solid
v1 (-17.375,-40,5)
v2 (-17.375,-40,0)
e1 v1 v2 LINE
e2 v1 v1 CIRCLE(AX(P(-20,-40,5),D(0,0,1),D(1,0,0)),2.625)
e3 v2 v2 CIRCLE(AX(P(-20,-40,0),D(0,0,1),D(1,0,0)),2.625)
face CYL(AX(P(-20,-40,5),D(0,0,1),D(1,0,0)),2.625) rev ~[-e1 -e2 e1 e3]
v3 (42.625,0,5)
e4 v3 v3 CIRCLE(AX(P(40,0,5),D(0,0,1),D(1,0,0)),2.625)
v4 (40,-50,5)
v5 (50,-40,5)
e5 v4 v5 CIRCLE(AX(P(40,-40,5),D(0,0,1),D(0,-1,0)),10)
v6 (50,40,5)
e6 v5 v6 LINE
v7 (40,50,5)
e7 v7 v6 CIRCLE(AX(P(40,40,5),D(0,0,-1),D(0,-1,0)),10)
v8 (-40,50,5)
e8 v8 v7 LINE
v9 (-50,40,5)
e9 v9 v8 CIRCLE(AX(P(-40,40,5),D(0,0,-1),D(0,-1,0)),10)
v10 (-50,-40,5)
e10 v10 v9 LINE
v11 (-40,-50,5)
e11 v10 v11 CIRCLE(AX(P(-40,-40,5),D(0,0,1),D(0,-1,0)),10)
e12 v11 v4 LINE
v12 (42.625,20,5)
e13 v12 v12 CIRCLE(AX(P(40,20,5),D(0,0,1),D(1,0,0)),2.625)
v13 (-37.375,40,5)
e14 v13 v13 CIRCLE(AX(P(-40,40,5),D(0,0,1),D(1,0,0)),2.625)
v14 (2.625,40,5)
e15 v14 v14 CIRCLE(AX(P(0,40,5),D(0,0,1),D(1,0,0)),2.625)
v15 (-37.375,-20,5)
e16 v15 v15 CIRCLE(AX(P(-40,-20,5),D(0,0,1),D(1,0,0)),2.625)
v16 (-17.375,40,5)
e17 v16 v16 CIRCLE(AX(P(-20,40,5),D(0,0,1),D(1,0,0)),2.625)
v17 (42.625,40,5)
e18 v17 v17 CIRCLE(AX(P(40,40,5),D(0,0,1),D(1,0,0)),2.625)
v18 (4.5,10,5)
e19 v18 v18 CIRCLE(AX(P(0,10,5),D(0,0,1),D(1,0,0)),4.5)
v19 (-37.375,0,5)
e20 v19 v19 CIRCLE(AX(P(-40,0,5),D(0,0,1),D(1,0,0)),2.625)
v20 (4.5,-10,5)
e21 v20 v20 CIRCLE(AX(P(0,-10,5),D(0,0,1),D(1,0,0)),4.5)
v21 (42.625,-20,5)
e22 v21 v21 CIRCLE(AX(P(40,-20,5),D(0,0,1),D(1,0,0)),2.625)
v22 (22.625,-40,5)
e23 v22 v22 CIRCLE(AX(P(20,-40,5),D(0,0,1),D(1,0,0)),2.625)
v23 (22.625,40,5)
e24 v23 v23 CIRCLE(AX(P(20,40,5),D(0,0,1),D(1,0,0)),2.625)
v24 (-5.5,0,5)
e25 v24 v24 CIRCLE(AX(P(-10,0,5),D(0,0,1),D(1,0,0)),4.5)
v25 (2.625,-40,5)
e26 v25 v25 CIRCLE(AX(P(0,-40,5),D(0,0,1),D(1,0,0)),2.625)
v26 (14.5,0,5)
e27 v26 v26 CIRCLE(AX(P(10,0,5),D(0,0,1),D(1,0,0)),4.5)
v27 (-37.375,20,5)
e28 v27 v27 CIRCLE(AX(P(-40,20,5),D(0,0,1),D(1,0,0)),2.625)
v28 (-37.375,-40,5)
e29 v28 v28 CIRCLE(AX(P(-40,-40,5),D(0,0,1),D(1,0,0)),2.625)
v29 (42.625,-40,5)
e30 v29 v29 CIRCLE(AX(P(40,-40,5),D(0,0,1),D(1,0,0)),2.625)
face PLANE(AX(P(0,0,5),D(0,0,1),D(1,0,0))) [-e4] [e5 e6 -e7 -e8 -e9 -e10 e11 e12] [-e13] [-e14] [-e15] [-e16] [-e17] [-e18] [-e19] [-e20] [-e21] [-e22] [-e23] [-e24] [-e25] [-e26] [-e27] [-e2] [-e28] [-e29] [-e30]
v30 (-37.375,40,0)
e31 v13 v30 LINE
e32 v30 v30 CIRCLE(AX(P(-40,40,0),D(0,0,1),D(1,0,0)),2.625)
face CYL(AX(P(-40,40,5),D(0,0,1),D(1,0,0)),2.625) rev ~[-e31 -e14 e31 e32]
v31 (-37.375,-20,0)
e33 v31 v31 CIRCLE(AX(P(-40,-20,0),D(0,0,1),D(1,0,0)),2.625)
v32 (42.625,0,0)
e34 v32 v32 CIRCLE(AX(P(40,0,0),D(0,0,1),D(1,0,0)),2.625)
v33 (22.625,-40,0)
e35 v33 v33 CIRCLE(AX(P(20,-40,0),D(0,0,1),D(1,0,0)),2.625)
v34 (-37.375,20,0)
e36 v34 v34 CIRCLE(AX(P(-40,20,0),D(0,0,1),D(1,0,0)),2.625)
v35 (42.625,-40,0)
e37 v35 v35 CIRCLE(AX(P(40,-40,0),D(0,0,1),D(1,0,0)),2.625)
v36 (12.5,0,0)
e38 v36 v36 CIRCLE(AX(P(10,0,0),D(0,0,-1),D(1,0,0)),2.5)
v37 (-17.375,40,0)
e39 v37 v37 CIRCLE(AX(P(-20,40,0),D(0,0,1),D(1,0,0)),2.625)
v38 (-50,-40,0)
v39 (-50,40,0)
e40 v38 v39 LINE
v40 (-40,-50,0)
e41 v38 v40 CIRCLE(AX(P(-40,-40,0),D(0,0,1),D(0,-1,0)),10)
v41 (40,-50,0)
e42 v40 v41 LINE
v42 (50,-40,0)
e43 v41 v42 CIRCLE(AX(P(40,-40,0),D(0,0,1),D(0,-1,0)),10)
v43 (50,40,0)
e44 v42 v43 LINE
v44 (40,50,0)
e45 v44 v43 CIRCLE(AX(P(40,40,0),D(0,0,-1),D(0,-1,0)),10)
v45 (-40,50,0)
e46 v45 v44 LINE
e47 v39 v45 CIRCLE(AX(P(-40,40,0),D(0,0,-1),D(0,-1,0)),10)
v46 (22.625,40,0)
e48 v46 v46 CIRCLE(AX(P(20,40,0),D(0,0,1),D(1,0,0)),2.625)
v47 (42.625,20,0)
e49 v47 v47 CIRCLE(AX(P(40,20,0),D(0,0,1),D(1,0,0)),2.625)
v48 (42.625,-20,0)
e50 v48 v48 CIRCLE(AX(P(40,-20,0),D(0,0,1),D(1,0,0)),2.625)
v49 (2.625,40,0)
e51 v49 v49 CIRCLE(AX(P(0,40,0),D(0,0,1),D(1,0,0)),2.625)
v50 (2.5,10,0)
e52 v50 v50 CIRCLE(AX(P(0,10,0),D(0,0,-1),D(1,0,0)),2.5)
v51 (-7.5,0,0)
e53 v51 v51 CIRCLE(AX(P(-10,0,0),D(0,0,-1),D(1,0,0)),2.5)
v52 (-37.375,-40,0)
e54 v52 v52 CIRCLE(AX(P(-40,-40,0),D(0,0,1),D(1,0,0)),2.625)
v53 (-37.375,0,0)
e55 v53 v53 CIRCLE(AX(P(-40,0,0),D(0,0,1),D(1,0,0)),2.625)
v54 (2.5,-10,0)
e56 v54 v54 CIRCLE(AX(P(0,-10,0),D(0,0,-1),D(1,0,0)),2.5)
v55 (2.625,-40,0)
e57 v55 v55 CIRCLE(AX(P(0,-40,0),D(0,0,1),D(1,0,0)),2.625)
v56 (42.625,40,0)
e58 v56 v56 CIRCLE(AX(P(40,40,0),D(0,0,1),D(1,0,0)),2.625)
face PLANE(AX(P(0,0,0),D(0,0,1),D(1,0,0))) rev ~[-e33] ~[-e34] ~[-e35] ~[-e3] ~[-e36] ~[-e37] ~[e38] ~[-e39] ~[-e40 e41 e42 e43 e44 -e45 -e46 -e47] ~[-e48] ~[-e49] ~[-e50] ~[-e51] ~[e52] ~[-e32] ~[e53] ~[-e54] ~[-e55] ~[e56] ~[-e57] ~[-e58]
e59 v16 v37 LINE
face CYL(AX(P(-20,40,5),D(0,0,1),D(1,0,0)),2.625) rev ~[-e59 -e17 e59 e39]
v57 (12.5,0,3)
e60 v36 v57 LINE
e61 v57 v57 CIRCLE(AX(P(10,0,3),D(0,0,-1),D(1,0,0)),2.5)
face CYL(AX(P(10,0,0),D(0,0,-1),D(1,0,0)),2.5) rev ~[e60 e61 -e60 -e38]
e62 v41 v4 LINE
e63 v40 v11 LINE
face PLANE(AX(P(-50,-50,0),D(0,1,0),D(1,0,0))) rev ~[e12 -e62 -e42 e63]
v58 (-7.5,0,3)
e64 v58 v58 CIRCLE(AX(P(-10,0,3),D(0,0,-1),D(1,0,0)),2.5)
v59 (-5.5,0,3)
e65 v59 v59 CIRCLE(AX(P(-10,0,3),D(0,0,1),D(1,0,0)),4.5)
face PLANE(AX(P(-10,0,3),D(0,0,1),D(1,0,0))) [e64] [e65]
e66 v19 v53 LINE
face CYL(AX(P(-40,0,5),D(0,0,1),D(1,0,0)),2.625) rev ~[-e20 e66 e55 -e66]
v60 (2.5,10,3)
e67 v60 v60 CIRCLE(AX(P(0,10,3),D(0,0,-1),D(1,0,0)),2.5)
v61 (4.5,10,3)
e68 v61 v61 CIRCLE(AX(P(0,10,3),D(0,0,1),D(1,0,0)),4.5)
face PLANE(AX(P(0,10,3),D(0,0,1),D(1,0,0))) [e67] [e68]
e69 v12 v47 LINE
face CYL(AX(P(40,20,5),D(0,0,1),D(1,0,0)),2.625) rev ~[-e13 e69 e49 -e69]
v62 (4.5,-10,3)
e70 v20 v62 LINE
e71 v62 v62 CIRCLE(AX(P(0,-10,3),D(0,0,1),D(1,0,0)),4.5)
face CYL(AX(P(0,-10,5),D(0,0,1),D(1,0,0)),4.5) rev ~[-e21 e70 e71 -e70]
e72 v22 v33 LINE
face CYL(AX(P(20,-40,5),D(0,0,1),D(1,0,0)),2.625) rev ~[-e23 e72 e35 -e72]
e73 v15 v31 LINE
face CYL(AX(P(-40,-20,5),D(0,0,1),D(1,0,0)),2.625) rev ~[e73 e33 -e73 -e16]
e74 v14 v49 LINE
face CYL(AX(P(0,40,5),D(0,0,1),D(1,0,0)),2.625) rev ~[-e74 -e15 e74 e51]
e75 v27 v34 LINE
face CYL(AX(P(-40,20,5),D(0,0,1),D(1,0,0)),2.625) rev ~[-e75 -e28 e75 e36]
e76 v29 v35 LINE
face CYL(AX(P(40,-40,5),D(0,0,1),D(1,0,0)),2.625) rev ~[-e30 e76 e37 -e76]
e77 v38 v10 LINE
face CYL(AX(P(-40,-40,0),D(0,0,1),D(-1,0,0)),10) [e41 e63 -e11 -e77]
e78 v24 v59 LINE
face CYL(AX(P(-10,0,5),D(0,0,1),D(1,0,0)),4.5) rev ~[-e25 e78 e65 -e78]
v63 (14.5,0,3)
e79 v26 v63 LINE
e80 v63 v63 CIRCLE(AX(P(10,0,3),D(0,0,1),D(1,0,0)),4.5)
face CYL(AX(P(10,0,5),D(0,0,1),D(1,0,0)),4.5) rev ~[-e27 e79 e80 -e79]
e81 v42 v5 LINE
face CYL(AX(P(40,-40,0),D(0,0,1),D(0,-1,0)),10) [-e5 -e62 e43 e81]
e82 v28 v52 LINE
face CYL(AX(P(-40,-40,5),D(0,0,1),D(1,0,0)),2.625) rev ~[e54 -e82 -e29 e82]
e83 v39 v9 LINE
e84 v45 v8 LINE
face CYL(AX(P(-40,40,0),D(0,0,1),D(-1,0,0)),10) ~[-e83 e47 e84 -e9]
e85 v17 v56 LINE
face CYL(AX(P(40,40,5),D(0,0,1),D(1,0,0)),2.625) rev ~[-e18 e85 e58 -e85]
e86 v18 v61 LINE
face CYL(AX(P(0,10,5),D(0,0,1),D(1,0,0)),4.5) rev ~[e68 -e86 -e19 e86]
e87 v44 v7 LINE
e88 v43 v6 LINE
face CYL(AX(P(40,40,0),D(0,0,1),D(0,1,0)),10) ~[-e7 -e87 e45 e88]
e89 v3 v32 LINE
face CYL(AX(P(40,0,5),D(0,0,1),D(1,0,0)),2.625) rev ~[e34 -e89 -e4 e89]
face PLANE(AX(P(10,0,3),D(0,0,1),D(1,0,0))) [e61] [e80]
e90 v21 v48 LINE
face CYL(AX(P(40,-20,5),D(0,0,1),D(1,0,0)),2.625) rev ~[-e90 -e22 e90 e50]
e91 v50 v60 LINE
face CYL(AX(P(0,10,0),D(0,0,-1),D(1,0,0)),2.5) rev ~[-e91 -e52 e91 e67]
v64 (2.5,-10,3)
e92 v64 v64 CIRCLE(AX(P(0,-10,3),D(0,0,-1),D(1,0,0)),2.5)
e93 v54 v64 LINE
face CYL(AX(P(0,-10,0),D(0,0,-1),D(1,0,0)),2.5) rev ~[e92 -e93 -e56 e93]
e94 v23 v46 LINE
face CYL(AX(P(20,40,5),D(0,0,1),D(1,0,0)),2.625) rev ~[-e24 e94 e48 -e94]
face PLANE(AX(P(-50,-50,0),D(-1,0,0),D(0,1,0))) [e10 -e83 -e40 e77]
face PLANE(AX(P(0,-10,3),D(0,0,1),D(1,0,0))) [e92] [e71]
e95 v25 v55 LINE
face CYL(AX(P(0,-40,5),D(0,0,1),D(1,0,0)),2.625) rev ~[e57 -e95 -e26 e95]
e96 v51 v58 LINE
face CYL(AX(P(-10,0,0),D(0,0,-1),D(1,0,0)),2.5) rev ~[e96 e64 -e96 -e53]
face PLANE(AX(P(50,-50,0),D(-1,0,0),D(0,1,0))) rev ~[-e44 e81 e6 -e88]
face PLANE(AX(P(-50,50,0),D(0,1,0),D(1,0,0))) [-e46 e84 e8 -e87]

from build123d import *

# Parameters (mm, degrees)
SKETCH_W        = 100
SKETCH_H        = 100
PAD_DEPTH       = 5
SKETCH001_R     = 4.5
POCKET_DEPTH    = 2
SKETCH002_R     = 2.5
POCKET001_DEPTH = 3
SKETCH003_R     = 2.625
POCKET002_DEPTH = 5
FILLET_R        = 10


with BuildPart() as part:
    # Sketch → Pad (new body)
    with BuildSketch(Plane.XY):
        Rectangle(SKETCH_W, SKETCH_H)
    extrude(amount=PAD_DEPTH)

    # Sketch001 (on Face6 of Pad) → Pocket (cut)
    with BuildSketch(Plane.XY.offset(5)):
        with Locations((0, 10)):
            Circle(SKETCH001_R)
        with Locations((10, 0)):
            Circle(SKETCH001_R)
        with Locations((-10, 0)):
            Circle(SKETCH001_R)
        with Locations((0, -10)):
            Circle(SKETCH001_R)
    extrude(amount=-POCKET_DEPTH, mode=Mode.SUBTRACT)

    # Sketch002 (on Face4 of Pocket) → Pocket001 (cut)
    with BuildSketch(Plane(origin=(0, 0, 0), x_dir=(1, 0, 0), z_dir=(0, 0, -1))):
        with Locations((0, 10)):
            Circle(SKETCH002_R)
        with Locations((10, 0)):
            Circle(SKETCH002_R)
        with Locations((0, -10)):
            Circle(SKETCH002_R)
        with Locations((-10, 0)):
            Circle(SKETCH002_R)
    extrude(amount=-POCKET001_DEPTH, mode=Mode.SUBTRACT)

    # Sketch003 (on Face5 of Pocket001) → Pocket002 (cut)
    with BuildSketch(Plane.XY.offset(5)):
        with Locations((-40, 0)):
            Circle(SKETCH003_R)
        with Locations((-40, -40)):
            Circle(SKETCH003_R)
        with Locations((-40, -20)):
            Circle(SKETCH003_R)
        with Locations((-20, -40)):
            Circle(SKETCH003_R)
        with Locations((0, -40)):
            Circle(SKETCH003_R)
        with Locations((20, -40)):
            Circle(SKETCH003_R)
        with Locations((40, -40)):
            Circle(SKETCH003_R)
        with Locations((40, -20)):
            Circle(SKETCH003_R)
        with Locations((40, 0)):
            Circle(SKETCH003_R)
        with Locations((40, 20)):
            Circle(SKETCH003_R)
        with Locations((40, 40)):
            Circle(SKETCH003_R)
        with Locations((20, 40)):
            Circle(SKETCH003_R)
        with Locations((0, 40)):
            Circle(SKETCH003_R)
        with Locations((-20, 40)):
            Circle(SKETCH003_R)
        with Locations((-40, 40)):
            Circle(SKETCH003_R)
        with Locations((-40, 20)):
            Circle(SKETCH003_R)
    extrude(amount=-POCKET002_DEPTH, mode=Mode.SUBTRACT)

    # Fillet
    fillet_edges = [part.edges().sort_by_distance(p)[0] for p in [
        (-50, 50, 2.5),
        (50, 50, 2.5),
        (50, -50, 2.5),
        (-50, -50, 2.5),
    ]]
    fillet(fillet_edges, radius=FILLET_R)


solid = part.part
